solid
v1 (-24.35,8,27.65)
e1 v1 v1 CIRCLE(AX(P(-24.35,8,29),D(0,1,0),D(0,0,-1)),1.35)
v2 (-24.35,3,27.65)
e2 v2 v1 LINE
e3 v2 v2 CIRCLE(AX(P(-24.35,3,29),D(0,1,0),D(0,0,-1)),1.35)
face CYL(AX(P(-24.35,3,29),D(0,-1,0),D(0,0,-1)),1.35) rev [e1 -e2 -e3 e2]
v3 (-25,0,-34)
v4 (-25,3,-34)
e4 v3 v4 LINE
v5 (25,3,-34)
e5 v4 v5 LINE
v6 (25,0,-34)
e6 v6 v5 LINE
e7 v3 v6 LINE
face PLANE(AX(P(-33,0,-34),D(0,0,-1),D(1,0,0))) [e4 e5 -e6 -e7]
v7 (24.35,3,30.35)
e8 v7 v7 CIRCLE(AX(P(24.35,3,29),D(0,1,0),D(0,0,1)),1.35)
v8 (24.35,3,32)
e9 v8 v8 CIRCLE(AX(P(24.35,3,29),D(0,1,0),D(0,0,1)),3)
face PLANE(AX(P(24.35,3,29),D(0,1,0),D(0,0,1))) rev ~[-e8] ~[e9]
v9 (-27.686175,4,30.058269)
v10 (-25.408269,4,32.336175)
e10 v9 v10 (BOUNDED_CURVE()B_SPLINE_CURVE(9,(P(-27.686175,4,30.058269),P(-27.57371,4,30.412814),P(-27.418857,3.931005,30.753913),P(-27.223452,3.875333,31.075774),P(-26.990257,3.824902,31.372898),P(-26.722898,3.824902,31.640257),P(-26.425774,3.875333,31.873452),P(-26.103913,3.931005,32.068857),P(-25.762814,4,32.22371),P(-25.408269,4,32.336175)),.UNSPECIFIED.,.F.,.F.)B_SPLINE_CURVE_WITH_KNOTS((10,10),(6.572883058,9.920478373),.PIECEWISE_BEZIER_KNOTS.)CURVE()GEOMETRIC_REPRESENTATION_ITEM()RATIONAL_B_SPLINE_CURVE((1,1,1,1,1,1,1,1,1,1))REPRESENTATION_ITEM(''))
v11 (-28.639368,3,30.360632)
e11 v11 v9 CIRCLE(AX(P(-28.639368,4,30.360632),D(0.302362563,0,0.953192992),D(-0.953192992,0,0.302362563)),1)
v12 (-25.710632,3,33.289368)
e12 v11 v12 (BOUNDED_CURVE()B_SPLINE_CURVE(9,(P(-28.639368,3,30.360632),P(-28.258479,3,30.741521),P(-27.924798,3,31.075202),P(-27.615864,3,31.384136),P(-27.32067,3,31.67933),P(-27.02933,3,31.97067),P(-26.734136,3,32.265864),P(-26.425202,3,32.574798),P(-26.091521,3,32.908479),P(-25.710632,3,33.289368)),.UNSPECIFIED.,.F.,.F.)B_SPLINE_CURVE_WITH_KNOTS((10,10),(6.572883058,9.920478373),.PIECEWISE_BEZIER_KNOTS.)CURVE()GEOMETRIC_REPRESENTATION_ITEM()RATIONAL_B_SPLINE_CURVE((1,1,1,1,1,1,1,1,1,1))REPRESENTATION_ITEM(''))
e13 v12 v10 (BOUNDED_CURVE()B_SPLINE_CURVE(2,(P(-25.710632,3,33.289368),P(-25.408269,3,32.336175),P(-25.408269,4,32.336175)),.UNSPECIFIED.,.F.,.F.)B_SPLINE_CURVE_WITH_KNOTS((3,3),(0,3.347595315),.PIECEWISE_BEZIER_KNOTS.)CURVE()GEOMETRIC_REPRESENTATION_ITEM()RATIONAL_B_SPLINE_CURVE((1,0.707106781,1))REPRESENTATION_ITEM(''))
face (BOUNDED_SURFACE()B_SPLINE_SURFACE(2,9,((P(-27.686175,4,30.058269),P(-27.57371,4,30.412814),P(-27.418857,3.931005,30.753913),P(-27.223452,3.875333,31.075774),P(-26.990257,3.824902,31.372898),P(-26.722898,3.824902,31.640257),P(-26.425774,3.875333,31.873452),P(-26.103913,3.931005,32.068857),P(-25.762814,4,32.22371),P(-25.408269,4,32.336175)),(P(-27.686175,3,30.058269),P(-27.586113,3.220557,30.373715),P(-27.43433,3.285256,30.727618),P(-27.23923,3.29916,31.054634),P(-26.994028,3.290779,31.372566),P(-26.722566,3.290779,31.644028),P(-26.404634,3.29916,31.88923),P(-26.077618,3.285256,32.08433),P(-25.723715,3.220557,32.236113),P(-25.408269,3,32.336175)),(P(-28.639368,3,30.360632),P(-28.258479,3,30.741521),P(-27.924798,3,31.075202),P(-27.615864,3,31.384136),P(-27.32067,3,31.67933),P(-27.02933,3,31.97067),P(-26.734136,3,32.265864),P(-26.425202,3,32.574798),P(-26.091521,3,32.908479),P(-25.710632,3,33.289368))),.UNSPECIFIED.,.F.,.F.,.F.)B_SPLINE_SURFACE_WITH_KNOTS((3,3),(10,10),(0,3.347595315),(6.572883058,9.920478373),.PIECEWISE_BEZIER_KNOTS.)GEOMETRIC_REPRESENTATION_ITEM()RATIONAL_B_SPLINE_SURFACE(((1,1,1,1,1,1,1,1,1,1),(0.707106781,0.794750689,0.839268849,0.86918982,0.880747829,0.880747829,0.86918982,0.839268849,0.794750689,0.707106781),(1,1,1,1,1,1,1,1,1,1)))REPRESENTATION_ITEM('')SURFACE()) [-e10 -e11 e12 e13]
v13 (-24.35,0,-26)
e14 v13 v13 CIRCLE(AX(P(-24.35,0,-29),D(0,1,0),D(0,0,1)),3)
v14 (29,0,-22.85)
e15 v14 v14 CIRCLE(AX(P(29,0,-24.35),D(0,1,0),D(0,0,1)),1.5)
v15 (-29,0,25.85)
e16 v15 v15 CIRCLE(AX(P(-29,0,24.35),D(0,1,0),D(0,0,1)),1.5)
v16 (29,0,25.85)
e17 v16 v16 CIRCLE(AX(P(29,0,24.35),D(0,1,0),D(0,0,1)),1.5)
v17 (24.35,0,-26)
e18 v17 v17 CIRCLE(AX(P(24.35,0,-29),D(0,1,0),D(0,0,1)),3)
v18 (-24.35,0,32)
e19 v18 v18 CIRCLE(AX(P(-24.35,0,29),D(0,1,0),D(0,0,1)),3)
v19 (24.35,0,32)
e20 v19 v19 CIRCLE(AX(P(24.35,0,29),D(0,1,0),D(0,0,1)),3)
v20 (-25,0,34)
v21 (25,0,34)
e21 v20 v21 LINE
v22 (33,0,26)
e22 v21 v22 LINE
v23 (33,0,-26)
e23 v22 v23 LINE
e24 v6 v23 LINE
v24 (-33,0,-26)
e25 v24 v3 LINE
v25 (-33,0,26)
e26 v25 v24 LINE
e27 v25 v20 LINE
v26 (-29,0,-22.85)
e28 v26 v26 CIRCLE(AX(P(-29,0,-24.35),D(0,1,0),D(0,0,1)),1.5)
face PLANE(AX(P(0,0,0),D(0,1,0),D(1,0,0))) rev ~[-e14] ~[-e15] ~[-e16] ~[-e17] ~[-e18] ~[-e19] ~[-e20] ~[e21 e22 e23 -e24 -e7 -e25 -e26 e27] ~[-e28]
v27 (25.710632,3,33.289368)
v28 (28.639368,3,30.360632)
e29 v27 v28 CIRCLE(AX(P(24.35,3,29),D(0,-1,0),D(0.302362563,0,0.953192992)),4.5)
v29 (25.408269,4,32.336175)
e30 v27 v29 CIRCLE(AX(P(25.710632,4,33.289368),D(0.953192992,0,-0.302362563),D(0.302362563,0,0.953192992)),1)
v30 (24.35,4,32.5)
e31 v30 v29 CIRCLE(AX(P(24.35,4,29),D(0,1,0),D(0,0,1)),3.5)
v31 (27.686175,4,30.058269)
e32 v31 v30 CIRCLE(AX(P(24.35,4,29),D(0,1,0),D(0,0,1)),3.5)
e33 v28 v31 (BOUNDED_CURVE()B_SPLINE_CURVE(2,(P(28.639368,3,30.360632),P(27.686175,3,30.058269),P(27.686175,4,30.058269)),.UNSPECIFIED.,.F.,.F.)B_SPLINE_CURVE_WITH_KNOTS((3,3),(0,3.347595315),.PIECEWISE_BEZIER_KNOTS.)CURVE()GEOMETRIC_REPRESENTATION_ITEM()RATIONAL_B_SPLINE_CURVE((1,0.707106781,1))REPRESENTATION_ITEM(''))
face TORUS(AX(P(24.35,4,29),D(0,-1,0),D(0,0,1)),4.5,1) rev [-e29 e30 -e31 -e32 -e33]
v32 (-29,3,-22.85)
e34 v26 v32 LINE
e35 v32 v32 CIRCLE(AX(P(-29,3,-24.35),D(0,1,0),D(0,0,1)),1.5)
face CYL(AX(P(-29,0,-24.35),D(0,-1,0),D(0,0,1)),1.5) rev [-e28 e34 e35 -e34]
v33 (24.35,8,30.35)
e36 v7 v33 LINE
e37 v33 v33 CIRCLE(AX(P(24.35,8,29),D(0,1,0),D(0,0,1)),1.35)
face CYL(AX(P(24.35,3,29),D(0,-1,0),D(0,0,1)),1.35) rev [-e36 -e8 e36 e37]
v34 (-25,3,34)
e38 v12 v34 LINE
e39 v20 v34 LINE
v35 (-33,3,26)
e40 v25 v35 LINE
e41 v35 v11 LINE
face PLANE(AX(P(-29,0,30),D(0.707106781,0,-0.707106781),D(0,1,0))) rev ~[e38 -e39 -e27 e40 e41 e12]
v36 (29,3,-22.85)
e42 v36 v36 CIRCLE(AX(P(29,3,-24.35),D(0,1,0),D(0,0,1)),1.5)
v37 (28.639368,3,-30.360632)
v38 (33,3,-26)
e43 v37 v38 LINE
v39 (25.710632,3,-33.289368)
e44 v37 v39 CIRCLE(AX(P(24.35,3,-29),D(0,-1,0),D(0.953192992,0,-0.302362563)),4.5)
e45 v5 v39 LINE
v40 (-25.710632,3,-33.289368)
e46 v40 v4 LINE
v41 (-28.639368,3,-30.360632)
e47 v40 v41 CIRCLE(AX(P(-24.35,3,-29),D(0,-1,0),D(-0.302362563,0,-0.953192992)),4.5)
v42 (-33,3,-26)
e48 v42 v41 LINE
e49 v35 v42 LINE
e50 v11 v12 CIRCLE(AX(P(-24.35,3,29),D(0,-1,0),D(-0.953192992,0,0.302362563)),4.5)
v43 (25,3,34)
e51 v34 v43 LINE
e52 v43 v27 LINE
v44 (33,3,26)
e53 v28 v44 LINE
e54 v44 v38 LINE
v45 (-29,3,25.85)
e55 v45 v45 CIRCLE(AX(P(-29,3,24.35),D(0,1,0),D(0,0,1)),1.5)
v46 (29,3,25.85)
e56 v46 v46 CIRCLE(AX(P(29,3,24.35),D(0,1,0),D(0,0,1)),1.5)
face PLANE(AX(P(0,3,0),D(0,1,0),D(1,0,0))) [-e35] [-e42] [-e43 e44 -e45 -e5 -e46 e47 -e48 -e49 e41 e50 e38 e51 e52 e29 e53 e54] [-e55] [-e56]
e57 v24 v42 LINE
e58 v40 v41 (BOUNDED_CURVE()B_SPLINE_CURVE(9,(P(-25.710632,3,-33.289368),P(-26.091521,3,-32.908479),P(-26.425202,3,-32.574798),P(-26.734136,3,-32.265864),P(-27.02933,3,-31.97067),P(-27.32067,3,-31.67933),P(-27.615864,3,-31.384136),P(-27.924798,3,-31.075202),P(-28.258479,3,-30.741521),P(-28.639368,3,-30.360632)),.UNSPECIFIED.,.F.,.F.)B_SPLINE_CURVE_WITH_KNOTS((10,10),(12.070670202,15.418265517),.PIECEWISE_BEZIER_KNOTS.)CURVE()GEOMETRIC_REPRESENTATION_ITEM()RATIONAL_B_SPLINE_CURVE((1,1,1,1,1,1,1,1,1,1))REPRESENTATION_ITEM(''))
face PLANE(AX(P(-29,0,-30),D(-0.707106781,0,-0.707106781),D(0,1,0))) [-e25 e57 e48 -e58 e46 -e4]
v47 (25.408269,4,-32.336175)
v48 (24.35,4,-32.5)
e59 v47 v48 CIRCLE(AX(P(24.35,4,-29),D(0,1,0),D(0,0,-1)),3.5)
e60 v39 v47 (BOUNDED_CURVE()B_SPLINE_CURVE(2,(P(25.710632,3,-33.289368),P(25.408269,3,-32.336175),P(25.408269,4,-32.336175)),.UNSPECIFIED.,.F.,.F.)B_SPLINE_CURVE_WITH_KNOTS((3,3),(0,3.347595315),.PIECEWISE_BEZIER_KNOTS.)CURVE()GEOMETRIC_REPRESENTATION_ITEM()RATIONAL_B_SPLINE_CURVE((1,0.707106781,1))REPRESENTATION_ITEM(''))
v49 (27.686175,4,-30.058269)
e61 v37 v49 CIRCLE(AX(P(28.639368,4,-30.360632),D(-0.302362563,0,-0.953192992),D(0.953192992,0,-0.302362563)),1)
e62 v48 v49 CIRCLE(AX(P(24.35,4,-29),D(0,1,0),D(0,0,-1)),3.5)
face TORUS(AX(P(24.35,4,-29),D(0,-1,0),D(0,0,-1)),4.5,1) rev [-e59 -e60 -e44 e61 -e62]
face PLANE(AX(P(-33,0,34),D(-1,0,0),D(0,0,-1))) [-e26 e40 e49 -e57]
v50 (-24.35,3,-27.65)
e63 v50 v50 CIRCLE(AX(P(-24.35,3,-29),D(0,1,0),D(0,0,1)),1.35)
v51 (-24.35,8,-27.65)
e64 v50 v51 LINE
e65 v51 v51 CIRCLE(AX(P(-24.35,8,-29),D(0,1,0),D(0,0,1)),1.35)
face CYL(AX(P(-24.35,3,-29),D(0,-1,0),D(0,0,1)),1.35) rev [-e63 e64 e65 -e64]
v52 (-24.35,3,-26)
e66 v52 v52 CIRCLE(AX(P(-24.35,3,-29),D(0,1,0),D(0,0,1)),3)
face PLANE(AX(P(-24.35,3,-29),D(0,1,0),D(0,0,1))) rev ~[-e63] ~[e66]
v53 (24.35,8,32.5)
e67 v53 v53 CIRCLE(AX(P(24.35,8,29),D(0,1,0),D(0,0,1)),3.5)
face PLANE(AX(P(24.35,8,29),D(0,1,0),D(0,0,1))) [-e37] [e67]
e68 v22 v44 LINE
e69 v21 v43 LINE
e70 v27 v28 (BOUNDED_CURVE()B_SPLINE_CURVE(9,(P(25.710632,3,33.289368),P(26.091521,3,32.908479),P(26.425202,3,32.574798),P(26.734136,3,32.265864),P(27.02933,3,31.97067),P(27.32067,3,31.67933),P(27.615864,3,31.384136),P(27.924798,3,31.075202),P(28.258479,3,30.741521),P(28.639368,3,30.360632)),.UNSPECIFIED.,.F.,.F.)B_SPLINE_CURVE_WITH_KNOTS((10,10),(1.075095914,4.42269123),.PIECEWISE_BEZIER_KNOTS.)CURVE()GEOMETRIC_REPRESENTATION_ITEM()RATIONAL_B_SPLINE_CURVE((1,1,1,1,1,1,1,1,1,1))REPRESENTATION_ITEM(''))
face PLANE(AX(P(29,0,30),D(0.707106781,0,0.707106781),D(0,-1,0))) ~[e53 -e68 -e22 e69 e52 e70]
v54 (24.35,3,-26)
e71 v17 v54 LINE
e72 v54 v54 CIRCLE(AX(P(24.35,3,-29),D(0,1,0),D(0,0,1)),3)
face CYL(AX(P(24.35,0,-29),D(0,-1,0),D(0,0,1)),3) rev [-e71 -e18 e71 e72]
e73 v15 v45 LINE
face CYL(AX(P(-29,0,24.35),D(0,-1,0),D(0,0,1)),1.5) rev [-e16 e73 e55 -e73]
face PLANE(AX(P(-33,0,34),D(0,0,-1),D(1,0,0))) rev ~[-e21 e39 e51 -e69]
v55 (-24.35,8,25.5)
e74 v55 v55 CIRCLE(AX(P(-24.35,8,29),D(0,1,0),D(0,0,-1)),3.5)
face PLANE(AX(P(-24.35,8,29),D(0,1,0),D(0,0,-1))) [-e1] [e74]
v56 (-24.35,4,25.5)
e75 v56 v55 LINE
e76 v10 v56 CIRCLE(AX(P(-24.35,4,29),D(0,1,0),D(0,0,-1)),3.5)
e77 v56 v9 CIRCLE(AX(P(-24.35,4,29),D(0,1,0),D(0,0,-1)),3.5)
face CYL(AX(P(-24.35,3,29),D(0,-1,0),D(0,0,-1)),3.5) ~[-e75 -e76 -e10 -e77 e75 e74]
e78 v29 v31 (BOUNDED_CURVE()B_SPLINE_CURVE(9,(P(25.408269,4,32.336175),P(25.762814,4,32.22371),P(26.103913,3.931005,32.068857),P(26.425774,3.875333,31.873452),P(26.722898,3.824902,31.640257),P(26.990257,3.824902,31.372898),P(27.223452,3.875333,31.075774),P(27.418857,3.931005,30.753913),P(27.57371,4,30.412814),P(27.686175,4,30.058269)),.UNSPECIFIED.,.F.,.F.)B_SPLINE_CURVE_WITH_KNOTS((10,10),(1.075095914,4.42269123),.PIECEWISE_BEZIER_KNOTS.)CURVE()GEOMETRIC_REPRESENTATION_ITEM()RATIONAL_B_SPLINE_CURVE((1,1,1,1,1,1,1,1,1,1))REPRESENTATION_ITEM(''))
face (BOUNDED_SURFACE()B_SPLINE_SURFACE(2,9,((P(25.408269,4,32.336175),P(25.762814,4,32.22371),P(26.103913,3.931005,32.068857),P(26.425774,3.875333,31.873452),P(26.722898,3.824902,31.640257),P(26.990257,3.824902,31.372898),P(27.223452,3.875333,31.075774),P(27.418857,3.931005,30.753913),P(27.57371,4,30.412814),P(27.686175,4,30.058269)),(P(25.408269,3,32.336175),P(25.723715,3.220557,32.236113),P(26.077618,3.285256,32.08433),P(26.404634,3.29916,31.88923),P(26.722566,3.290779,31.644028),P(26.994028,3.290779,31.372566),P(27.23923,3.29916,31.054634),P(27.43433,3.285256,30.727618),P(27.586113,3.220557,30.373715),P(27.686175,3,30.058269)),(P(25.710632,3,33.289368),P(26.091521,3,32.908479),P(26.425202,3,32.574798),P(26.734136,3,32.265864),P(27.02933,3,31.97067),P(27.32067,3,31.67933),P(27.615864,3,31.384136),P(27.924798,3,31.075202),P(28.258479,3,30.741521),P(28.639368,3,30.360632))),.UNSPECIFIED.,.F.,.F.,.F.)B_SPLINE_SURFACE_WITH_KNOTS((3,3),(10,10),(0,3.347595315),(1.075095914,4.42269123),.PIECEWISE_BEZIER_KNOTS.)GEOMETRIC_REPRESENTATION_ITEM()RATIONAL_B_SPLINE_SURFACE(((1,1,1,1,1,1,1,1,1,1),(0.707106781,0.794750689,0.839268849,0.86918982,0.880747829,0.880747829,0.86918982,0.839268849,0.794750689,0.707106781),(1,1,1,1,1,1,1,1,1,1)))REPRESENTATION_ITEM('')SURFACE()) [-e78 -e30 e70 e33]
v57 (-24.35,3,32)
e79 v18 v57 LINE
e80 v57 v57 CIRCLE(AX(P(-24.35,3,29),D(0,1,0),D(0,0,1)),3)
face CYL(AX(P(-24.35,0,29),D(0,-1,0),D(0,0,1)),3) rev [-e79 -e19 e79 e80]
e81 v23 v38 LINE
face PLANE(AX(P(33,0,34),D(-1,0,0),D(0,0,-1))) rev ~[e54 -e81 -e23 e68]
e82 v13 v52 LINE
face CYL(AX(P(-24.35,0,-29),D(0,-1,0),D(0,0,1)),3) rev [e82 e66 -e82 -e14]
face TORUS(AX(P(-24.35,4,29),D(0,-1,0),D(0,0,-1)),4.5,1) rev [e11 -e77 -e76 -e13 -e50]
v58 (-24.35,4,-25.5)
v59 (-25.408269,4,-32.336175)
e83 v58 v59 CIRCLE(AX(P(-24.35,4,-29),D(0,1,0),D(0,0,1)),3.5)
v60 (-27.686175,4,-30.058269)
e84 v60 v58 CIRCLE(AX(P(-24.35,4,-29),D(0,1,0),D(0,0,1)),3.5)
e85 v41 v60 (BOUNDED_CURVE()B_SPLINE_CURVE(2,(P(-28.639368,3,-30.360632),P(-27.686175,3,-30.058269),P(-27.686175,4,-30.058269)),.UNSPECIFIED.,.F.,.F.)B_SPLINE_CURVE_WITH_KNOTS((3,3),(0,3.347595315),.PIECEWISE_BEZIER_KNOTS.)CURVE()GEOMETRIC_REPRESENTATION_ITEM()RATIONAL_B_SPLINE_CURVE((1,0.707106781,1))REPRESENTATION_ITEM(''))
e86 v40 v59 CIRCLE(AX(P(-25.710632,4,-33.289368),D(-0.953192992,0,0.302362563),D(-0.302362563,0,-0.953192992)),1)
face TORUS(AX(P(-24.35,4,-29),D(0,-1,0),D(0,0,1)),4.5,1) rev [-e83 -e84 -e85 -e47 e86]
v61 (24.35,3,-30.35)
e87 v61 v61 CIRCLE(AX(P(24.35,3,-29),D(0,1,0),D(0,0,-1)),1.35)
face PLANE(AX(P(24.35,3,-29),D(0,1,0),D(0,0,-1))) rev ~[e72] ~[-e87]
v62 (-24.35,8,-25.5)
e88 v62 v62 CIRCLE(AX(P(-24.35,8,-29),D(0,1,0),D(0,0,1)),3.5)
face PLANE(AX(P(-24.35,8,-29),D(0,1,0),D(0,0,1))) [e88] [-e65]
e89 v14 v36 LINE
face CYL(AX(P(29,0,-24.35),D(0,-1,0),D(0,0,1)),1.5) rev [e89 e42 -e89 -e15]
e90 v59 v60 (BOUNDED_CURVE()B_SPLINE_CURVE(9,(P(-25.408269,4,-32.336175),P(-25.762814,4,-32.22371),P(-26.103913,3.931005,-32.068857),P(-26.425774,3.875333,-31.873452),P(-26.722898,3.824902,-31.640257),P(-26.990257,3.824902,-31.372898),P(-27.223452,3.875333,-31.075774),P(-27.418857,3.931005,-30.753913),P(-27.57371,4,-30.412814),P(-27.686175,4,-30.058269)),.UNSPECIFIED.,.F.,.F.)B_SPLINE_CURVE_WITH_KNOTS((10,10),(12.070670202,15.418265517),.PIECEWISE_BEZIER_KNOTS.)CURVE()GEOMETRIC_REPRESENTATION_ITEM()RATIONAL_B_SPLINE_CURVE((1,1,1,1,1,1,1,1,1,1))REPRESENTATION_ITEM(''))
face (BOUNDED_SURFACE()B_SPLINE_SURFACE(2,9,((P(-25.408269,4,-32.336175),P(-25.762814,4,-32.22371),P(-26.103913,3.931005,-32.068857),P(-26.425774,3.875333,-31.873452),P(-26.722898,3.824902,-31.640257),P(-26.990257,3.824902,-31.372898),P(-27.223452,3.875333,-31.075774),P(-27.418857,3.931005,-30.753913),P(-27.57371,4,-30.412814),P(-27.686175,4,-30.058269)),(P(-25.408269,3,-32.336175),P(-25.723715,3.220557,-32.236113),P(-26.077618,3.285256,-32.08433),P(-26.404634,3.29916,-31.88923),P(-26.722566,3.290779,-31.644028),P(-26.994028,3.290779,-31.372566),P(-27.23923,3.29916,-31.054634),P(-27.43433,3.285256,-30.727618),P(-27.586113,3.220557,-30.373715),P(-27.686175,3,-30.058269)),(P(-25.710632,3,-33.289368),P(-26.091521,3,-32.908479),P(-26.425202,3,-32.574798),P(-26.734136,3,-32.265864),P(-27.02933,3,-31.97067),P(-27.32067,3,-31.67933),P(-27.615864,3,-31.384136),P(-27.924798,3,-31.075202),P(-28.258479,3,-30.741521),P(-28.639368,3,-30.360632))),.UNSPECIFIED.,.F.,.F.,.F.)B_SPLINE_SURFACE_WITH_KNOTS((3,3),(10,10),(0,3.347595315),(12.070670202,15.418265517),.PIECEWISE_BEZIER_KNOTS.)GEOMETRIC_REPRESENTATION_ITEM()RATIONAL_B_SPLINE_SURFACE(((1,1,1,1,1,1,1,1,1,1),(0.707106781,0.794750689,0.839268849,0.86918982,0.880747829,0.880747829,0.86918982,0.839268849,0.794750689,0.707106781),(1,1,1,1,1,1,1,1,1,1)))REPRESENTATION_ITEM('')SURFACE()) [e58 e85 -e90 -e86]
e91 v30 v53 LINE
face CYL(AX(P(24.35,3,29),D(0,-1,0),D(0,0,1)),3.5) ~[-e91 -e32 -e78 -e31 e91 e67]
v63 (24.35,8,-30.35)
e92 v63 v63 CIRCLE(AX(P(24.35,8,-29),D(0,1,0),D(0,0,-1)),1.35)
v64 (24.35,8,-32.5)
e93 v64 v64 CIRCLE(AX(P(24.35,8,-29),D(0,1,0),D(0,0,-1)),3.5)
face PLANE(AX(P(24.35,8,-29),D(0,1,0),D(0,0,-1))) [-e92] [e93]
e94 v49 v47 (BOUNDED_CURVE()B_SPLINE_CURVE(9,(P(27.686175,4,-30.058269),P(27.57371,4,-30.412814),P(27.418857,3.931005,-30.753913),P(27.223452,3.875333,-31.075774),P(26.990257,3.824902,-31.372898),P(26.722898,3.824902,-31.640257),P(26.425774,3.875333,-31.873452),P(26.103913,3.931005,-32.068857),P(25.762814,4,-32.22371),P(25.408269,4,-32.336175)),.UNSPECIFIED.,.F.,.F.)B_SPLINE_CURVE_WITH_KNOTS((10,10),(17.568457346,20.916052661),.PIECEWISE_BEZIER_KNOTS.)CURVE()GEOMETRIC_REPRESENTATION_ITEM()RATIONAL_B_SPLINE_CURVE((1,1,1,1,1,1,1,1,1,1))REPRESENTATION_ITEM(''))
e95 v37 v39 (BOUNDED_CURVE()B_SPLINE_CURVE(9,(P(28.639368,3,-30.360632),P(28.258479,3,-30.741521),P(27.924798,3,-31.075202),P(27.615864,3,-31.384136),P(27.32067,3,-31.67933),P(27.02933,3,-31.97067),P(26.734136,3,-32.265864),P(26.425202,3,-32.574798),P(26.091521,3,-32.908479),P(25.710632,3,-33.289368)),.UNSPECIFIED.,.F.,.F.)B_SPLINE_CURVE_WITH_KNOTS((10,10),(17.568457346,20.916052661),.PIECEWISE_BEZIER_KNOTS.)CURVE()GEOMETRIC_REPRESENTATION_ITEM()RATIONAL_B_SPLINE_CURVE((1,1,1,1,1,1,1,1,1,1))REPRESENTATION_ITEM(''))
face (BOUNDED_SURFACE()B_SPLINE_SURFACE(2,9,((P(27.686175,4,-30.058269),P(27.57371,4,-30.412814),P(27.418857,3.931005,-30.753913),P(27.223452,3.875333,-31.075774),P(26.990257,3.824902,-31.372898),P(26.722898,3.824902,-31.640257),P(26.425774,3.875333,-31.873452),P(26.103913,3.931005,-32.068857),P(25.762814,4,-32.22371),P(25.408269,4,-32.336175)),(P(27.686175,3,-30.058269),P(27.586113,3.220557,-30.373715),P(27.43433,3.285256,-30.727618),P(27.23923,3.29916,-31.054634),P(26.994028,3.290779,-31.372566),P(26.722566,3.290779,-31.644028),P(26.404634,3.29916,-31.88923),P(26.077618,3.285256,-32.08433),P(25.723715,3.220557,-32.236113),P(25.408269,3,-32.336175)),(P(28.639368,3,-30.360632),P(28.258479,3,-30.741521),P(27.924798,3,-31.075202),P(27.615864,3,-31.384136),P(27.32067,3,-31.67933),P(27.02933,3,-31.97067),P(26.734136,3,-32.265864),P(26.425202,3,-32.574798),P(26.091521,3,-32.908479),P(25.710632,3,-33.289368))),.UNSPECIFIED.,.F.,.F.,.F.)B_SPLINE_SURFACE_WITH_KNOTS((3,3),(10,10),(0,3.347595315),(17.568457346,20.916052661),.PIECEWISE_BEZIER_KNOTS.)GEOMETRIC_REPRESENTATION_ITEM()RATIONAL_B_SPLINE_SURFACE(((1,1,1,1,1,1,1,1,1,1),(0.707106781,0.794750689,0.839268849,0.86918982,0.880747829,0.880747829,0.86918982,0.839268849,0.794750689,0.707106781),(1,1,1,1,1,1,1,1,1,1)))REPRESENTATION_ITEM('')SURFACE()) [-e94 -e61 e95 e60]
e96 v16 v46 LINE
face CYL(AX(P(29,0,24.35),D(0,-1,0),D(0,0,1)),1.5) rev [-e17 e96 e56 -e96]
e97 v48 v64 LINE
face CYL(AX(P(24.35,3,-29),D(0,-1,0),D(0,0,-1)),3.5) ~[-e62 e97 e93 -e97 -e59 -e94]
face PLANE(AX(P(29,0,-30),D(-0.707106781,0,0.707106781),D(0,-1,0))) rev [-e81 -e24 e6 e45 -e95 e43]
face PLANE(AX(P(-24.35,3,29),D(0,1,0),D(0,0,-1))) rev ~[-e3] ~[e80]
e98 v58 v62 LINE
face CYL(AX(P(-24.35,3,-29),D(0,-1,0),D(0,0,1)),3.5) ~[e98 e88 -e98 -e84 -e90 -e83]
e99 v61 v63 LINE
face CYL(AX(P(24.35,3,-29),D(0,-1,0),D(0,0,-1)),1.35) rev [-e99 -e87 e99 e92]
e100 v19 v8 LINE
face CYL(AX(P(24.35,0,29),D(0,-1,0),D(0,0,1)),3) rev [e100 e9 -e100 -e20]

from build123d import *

# Parameters (mm, degrees)
SKETCH_1_W      = 66
SKETCH_1_H      = 68
SKETCH_1_R      = 1.5
SKETCH_1_R_2    = 3
EXTRUDE_1_DEPTH = 3
SKETCH_2_R      = 3.5
SKETCH_2_R_2    = 1.35
EXTRUDE_2_DEPTH = 5
CHAMFER_1_SIZE  = 8
FILLET_2_R      = 1


with BuildPart() as part:
    # 草图1 → 凸台-拉伸1 (new body)
    with BuildSketch(Plane(origin=(0, 0, 0), x_dir=(1, 0, 0), z_dir=(0, 1, 0))):
        Rectangle(SKETCH_1_W, SKETCH_1_H)
        with Locations(Location((-29, 24.35, 0), (0, 0, 270))):
            Circle(SKETCH_1_R, mode=Mode.SUBTRACT)
        with Locations(Location((29, 24.35, 0), (0, 0, 270))):
            Circle(SKETCH_1_R, mode=Mode.SUBTRACT)
        with Locations(Location((29, -24.35, 0), (0, 0, 270))):
            Circle(SKETCH_1_R, mode=Mode.SUBTRACT)
        with Locations(Location((-29, -24.35, 0), (0, 0, 270))):
            Circle(SKETCH_1_R, mode=Mode.SUBTRACT)
        with Locations(Location((-24.35, 29, 0), (0, 0, 270))):
            Circle(SKETCH_1_R_2, mode=Mode.SUBTRACT)
        with Locations(Location((24.35, 29, 0), (0, 0, 270))):
            Circle(SKETCH_1_R_2, mode=Mode.SUBTRACT)
        with Locations(Location((-24.35, -29, 0), (0, 0, 270))):
            Circle(SKETCH_1_R_2, mode=Mode.SUBTRACT)
        with Locations(Location((24.35, -29, 0), (0, 0, 270))):
            Circle(SKETCH_1_R_2, mode=Mode.SUBTRACT)
    extrude(amount=EXTRUDE_1_DEPTH)

    # 草图2 → 凸台-拉伸2 (add)
    # profile 1 of 4: a face of its own
    with BuildSketch(Plane(origin=(0, 3, 0), x_dir=(1, 0, 0), z_dir=(0, 1, 0))):
        with Locations(Location((-24.35, 29, 0), (0, 0, 270))):
            Circle(SKETCH_2_R)
        with Locations(Location((-24.35, 29, 0), (0, 0, 270))):
            Circle(SKETCH_2_R_2, mode=Mode.SUBTRACT)
    # profile 2 of 4: a face of its own
    with BuildSketch(Plane(origin=(0, 3, 0), x_dir=(1, 0, 0), z_dir=(0, 1, 0))):
        with Locations(Location((24.35, 29, 0), (0, 0, 90))):
            Circle(SKETCH_2_R)
        with Locations(Location((24.35, 29, 0), (0, 0, 90))):
            Circle(SKETCH_2_R_2, mode=Mode.SUBTRACT)
    # profile 3 of 4: a face of its own
    with BuildSketch(Plane(origin=(0, 3, 0), x_dir=(1, 0, 0), z_dir=(0, 1, 0))):
        with Locations(Location((24.35, -29, 0), (0, 0, 270))):
            Circle(SKETCH_2_R)
        with Locations(Location((24.35, -29, 0), (0, 0, 270))):
            Circle(SKETCH_2_R_2, mode=Mode.SUBTRACT)
    # profile 4 of 4: a face of its own
    with BuildSketch(Plane(origin=(0, 3, 0), x_dir=(1, 0, 0), z_dir=(0, 1, 0))):
        with Locations(Location((-24.35, -29, 0), (0, 0, 90))):
            Circle(SKETCH_2_R)
        with Locations(Location((-24.35, -29, 0), (0, 0, 90))):
            Circle(SKETCH_2_R_2, mode=Mode.SUBTRACT)
    extrude(amount=EXTRUDE_2_DEPTH)

    # 倒角1
    chamfer_1_edges = [part.edges().sort_by_distance(p)[0] for p in [
        (-33, 1.5, -34),
        (33, 1.5, -34),
        (33, 1.5, 34),
        (-33, 1.5, 34),
    ]]
    chamfer(chamfer_1_edges, length=CHAMFER_1_SIZE)

    # 圆角2
    fillet_2_edges = [part.edges().sort_by_distance(p)[0] for p in [
        (-24.35, 3, 32.5),
        (24.35, 3, 25.5),
        (24.35, 3, -25.5),
        (-24.35, 3, -32.5),
    ]]
    fillet(fillet_2_edges, radius=FILLET_2_R)


solid = part.part
